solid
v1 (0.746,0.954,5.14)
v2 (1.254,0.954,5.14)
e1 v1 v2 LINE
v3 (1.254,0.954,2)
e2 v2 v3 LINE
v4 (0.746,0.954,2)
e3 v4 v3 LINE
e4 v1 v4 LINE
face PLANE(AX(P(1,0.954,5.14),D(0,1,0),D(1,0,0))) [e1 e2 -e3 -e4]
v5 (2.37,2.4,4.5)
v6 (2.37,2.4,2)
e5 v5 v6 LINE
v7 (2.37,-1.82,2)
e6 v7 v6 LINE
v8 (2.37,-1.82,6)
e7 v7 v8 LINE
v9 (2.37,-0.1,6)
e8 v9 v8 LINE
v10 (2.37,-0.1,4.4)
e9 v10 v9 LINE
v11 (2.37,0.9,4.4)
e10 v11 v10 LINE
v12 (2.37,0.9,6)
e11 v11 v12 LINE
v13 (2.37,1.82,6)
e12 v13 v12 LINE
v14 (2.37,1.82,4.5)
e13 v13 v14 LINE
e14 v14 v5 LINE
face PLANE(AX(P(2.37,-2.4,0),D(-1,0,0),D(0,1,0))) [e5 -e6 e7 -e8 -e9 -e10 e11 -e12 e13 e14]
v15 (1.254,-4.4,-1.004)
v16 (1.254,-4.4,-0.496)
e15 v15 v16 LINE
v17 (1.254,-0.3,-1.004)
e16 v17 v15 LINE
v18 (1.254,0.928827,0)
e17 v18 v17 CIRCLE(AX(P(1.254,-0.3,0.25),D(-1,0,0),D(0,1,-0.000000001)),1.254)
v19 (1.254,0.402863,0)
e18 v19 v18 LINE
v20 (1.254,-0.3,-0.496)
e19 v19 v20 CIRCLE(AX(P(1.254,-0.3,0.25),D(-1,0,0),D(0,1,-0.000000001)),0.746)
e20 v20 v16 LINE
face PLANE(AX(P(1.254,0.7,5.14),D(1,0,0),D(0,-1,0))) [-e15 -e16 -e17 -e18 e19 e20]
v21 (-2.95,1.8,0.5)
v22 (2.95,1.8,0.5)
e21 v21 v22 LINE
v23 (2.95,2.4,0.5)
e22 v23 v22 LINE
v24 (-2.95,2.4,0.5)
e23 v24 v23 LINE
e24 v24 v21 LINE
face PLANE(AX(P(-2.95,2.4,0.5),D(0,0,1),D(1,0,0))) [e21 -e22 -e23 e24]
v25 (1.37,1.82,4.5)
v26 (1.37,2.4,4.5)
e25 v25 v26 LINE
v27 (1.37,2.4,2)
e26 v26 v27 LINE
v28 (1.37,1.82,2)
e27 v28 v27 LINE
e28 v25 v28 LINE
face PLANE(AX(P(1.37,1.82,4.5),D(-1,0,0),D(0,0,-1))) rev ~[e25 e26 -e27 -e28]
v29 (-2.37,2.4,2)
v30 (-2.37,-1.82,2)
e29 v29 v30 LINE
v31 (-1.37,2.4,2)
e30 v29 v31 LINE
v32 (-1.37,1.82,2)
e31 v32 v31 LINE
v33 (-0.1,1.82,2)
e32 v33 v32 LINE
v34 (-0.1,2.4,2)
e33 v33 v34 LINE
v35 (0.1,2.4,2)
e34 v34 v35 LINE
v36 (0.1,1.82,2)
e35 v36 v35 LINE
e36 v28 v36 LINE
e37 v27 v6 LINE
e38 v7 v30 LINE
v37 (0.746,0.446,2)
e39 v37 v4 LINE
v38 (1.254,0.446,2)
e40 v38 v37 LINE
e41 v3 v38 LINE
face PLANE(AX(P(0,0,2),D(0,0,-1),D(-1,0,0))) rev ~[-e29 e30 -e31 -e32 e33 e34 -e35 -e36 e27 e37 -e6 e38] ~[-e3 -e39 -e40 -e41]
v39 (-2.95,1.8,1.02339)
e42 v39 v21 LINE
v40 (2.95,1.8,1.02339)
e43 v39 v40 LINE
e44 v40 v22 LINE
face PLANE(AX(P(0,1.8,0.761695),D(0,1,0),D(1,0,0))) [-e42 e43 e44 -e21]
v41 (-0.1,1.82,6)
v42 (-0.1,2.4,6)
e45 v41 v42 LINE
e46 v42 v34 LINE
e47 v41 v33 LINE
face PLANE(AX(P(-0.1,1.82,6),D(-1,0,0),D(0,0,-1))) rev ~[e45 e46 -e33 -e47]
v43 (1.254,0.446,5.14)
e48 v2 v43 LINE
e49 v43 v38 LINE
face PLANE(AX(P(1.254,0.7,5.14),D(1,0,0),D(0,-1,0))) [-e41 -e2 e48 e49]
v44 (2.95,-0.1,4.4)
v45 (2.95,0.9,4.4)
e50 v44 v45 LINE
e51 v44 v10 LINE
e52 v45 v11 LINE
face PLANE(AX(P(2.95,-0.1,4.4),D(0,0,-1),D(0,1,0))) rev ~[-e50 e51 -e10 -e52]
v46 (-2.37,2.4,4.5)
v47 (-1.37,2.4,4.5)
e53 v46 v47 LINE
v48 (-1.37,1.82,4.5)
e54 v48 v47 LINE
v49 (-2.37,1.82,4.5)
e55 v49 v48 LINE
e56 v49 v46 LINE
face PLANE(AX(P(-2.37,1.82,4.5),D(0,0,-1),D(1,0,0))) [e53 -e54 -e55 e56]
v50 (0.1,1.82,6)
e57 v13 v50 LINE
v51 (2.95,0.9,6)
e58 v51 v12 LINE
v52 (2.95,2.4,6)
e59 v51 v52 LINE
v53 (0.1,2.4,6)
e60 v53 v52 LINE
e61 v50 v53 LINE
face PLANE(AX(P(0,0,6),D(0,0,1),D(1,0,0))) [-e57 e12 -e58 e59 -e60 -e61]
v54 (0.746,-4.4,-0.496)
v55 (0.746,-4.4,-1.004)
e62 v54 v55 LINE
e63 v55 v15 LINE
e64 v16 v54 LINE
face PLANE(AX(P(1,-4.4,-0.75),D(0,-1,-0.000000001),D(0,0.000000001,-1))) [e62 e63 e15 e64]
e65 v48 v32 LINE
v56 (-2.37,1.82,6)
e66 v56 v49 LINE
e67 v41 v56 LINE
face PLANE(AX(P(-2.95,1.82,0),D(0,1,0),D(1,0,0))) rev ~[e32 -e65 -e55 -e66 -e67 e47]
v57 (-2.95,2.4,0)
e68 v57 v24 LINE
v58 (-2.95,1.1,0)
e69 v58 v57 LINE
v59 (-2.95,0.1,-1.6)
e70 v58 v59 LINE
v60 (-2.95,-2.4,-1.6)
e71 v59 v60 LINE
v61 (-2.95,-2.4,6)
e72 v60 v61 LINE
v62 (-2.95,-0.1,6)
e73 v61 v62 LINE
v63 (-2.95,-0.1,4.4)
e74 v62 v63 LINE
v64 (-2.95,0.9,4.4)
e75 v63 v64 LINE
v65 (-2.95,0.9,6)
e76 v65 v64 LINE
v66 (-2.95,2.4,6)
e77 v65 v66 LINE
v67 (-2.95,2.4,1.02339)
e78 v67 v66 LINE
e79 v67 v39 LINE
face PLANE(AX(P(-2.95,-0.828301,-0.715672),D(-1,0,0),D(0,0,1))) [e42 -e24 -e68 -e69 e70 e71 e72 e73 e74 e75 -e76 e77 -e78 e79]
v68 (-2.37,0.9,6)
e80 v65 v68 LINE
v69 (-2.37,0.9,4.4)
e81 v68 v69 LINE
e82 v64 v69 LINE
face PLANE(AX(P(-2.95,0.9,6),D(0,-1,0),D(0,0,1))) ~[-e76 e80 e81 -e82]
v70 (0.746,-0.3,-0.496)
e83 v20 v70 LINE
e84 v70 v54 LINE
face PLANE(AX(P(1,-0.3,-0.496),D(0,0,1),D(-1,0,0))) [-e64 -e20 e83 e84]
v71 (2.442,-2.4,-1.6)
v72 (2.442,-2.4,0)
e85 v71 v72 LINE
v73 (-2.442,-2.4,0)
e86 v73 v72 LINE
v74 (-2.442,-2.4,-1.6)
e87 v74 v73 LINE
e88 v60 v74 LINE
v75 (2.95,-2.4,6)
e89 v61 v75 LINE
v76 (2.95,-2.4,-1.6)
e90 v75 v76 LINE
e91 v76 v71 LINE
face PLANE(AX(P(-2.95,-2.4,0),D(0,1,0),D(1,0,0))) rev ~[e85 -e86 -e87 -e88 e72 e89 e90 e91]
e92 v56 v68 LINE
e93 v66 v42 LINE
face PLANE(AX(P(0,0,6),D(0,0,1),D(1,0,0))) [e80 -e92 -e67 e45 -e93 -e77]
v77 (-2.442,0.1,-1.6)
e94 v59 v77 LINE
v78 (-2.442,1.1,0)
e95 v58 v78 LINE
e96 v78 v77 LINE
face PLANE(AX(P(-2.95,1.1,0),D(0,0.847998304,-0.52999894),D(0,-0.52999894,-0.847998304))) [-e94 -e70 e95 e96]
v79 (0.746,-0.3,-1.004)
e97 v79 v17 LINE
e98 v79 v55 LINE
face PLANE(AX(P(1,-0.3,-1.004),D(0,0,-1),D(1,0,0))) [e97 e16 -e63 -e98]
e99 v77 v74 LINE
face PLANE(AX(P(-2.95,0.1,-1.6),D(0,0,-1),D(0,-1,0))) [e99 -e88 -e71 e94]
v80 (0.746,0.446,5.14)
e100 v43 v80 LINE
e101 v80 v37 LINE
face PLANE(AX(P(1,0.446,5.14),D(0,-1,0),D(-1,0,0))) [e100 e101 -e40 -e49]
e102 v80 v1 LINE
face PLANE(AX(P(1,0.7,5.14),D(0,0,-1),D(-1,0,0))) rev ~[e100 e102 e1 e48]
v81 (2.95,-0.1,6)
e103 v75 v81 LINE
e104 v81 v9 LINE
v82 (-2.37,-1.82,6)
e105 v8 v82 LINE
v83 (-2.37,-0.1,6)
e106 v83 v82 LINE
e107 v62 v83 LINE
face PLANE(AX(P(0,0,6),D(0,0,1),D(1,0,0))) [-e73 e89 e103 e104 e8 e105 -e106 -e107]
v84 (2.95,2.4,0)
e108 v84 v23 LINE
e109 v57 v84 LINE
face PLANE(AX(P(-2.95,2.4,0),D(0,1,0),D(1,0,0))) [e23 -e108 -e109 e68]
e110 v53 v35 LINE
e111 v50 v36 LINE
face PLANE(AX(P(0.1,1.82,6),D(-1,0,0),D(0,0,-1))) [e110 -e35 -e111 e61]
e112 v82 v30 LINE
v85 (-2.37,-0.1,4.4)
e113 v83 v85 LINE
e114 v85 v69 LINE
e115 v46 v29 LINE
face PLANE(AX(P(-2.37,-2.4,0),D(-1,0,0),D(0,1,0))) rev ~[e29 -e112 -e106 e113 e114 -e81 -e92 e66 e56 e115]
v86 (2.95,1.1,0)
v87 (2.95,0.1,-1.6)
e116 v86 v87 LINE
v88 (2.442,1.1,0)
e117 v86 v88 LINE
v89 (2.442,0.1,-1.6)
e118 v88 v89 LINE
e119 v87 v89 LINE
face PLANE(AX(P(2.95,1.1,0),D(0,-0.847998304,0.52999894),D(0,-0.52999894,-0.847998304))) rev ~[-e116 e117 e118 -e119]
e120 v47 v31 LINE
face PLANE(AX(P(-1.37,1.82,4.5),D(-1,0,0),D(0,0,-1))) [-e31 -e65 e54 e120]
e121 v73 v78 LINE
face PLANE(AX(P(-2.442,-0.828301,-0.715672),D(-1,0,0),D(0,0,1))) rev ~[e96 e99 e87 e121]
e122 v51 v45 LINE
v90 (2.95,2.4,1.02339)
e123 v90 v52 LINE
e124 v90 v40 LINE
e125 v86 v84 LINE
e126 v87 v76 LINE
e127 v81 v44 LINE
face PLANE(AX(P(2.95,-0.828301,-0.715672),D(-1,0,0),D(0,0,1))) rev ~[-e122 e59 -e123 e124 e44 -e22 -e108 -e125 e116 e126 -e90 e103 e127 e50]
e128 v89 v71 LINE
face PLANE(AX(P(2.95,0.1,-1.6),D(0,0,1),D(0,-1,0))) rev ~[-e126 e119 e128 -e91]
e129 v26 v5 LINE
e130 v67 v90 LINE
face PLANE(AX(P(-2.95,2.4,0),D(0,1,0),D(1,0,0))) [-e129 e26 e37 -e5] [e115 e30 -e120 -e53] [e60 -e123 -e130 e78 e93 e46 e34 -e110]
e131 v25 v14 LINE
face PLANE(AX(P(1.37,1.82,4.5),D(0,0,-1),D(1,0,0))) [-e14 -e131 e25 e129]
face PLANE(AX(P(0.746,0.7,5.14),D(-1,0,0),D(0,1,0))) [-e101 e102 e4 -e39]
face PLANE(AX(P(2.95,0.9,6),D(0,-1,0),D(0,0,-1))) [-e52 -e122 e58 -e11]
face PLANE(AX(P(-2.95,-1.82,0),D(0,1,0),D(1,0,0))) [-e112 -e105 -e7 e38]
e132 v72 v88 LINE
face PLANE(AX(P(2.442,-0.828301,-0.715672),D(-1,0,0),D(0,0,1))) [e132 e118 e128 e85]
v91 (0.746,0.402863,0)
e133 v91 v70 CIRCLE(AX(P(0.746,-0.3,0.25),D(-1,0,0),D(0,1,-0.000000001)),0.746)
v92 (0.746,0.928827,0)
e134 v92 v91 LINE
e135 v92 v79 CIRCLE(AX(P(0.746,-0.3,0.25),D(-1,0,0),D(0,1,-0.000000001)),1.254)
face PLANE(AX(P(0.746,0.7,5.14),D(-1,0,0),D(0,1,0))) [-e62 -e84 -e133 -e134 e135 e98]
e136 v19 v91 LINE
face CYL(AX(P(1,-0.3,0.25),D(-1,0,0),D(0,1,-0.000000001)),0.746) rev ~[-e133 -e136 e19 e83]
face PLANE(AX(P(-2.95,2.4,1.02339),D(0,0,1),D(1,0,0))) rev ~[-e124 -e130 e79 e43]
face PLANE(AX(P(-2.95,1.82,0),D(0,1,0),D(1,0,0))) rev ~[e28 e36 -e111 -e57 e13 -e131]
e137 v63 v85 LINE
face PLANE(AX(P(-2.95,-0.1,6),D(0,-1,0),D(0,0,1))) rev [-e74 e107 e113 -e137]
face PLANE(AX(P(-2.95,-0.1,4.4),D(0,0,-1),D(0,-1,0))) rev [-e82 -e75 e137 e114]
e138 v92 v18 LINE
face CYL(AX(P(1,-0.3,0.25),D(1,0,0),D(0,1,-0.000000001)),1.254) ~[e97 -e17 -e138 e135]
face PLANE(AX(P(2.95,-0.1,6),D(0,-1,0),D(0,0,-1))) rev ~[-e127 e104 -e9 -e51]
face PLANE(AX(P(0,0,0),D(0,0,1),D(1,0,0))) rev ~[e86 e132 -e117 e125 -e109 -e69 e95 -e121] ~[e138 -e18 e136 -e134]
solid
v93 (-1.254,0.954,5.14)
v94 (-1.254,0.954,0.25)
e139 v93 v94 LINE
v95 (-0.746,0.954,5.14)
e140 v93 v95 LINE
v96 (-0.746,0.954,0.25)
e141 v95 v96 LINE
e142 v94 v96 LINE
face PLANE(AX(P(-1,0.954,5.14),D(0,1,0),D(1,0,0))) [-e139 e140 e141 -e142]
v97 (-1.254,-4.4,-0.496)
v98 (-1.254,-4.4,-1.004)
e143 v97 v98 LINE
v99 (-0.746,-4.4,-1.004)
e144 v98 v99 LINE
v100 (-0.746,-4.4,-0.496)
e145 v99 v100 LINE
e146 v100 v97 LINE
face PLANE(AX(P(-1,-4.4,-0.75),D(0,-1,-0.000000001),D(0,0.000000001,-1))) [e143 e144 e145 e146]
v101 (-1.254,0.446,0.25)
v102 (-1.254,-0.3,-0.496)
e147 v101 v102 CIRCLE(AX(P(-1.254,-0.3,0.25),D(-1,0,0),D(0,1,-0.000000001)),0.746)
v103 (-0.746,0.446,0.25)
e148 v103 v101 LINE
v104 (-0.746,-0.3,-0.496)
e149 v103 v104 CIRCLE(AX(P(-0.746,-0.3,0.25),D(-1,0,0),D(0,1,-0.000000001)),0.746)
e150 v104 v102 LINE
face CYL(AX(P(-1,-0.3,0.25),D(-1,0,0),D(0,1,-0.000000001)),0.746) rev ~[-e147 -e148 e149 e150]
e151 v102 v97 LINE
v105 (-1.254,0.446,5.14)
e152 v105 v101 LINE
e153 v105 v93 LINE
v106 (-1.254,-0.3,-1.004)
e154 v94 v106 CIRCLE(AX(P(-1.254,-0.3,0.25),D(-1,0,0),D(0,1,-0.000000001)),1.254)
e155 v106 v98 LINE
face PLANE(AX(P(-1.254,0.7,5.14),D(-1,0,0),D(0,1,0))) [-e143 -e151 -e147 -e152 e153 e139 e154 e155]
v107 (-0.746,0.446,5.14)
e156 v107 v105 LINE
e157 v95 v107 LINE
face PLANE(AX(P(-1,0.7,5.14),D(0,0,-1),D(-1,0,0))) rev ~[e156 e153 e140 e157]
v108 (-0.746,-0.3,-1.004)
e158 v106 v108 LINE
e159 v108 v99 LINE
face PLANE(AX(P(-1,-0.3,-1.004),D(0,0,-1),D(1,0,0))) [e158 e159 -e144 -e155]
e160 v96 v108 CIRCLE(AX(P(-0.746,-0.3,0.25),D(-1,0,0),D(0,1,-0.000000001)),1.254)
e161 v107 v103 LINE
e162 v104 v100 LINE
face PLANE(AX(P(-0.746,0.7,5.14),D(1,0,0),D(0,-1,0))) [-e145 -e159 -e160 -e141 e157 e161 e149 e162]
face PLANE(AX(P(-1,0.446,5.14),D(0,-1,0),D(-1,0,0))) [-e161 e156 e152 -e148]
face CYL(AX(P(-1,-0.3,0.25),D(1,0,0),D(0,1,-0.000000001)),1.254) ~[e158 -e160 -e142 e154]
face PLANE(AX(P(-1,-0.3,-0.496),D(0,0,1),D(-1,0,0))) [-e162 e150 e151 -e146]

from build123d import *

# Parameters (mm, degrees)
SKETCH4_W                      = 5.9
SKETCH4_H                      = 4.8
BODY_EXTRUDE2_DEPTH            = 6
BODY_SHELL1_T                  = -0.58
BODY_SHELL1_THICKNESS_2_FACE_W = 4.74
BODY_SHELL1_THICKNESS_2_FACE_H = 3.64
BODY_SHELL1_THICKNESS_2_DEPTH  = 1.42
EXTRUDE1_REACH                 = 9.906
SKETCH66_W                     = 0.2
SKETCH66_H                     = 4
SKETCH66_W_2                   = 1
SKETCH66_H_2                   = 2.5
TAB_EXTRUDE4_DEPTH             = 0.508
TAB_EXTRUDE7_DEPTH             = 0.508
SKETCH64_W                     = 0.508
SKETCH64_H                     = 0.508
PINS_LPATTERN_COUNT            = 2
PINS_LPATTERN_PITCH            = 2
SKETCH67_W                     = 1.6
SKETCH67_H                     = 1
CUT_EXTRUDE2_DEPTH             = 1
SKETCH68_W                     = 5.9
SKETCH68_H                     = 0.52338994
CUT_EXTRUDE3_DEPTH             = 0.6


with BuildPart() as part:
    # Sketch4 → Body-Extrude2 (new body)
    with BuildSketch(Plane(origin=(6.86422654, -1.863703399, 0), x_dir=(1, 0, 0), z_dir=(0, 0, 1))):
        with Locations((-6.86422654, 1.863703399)):
            Rectangle(SKETCH4_W, SKETCH4_H)
    extrude(amount=BODY_EXTRUDE2_DEPTH)

    # Body-Shell1
    body_shell1_openings = [part.faces().sort_by_distance(p)[0] for p in [
        (0, 0, 6),
    ]]
    offset(amount=BODY_SHELL1_T, openings=body_shell1_openings, kind=Kind.INTERSECTION)

    # Body-Shell1 thickness 2 face (on inner face of the shell) → Body-Shell1 thickness 2 (add)
    with BuildSketch(Plane(origin=(0, 0, 0.58), x_dir=(-1, 0, 0), z_dir=(0, 0, -1))):
        Rectangle(BODY_SHELL1_THICKNESS_2_FACE_W, BODY_SHELL1_THICKNESS_2_FACE_H)
    extrude(amount=-BODY_SHELL1_THICKNESS_2_DEPTH)

    # Sketch66 → Extrude1 (cut, up to next)
    with BuildSketch(Plane(origin=(0, 1.82, 0), x_dir=(1, 0, 0), z_dir=(0, 1, 0)), mode=Mode.PRIVATE) as extrude1_sk1:
        with Locations((0, -4)):
            Rectangle(SKETCH66_W, SKETCH66_H)
    extrude1_tool1 = extrude(extrude1_sk1.sketch, amount=EXTRUDE1_REACH, mode=Mode.PRIVATE) & part.part
    # Sketch66 → Extrude1 (cut, up to next)
    with BuildSketch(Plane(origin=(0, 1.82, 0), x_dir=(1, 0, 0), z_dir=(0, 1, 0)), mode=Mode.PRIVATE) as extrude1_sk2:
        with Locations((-1.87, -3.25)):
            Rectangle(SKETCH66_W_2, SKETCH66_H_2)
    extrude1_tool2 = extrude(extrude1_sk2.sketch, amount=EXTRUDE1_REACH, mode=Mode.PRIVATE) & part.part
    # Sketch66 → Extrude1 (cut, up to next)
    with BuildSketch(Plane(origin=(0, 1.82, 0), x_dir=(1, 0, 0), z_dir=(0, 1, 0)), mode=Mode.PRIVATE) as extrude1_sk3:
        with Locations((1.87, -3.25)):
            Rectangle(SKETCH66_W_2, SKETCH66_H_2)
    extrude1_tool3 = extrude(extrude1_sk3.sketch, amount=EXTRUDE1_REACH, mode=Mode.PRIVATE) & part.part
    add(extrude1_tool1.solids().sort_by_distance((0, 1.82, 4))[0], mode=Mode.SUBTRACT)
    add(extrude1_tool2.solids().sort_by_distance((-1.87, 1.82, 3.25))[0], mode=Mode.SUBTRACT)
    add(extrude1_tool3.solids().sort_by_distance((1.87, 1.82, 3.25))[0], mode=Mode.SUBTRACT)

    # Sketch6 → Tab-Extrude4 (add)
    with BuildSketch(Plane(origin=(2.95, 11.117293973, 0), x_dir=(0, 0, -1), z_dir=(1, 0, 0))):
        Polygon((0, -10.017293973), (1.6, -11.017293973), (1.6, -13.517293973), (0, -13.517293973), align=None)
    extrude(amount=-TAB_EXTRUDE4_DEPTH)

    # Sketch9 → Tab-Extrude7 (add)
    with BuildSketch(Plane(origin=(-2.95, 11.117293973, 0), x_dir=(0, 0, 1), z_dir=(-1, 0, 0))):
        Polygon((0, -13.517293973), (0, -10.017293973), (-1.6, -11.017293973), (-1.6, -13.517293973), align=None)
    extrude(amount=-TAB_EXTRUDE7_DEPTH)


with BuildPart() as body_2:
    # Pins-Sweep: sweep along a path in Sketch65
    with BuildLine(Plane(origin=(0, 0, 0), x_dir=(0, 0, -1), z_dir=(1, 0, 0))) as pins_sweep_path:
        Line((-5.14, 0.7), (-0.25, 0.7))
        ThreePointArc((-0.25, 0.7), (0.457106781, 0.407106781), (0.75, -0.3))
        Line((0.75, -0.3), (0.75, -4.4))
    # Sketch64 → Pins-Sweep (sweep)
    with BuildSketch(Plane(origin=(0, 3.64, 5.14), x_dir=(1, 0, 0), z_dir=(0, 0, -1))):
        with Locations((-1, 2.94)):
            Rectangle(SKETCH64_W, SKETCH64_H)
    pins_sweep = sweep(path=pins_sweep_path.line)


with BuildPart() as part_1:
    add(part.part)

    # Pins-LPattern: Pins-Sweep ×2
    with Locations(*[(i * PINS_LPATTERN_PITCH, 0, 0) for i in range(1, PINS_LPATTERN_COUNT)]):
        add(pins_sweep)

    # Sketch67 → Cut-Extrude2 (cut)
    with BuildSketch(Plane(origin=(2.95, 0, 0), x_dir=(0, 0, -1), z_dir=(1, 0, 0))):
        with Locations((-5.2, 0.4)):
            Rectangle(SKETCH67_W, SKETCH67_H)
    cut_extrude2 = extrude(amount=-CUT_EXTRUDE2_DEPTH, mode=Mode.SUBTRACT)

    # Mirror1: Cut-Extrude2 across plane
    add(cut_extrude2.mirror(Plane(origin=(0, 0, 0), x_dir=(0, 0, 1), z_dir=(1, 0, 0))), mode=Mode.SUBTRACT)

    # Sketch68 → Cut-Extrude3 (cut)
    with BuildSketch(Plane(origin=(0, 2.4, 0), x_dir=(1, 0, 0), z_dir=(0, 1, 0))):
        with Locations((0, -0.76169497)):
            Rectangle(SKETCH68_W, SKETCH68_H)
    extrude(amount=-CUT_EXTRUDE3_DEPTH, mode=Mode.SUBTRACT)


solid = Compound([body_2.part, part_1.part])
